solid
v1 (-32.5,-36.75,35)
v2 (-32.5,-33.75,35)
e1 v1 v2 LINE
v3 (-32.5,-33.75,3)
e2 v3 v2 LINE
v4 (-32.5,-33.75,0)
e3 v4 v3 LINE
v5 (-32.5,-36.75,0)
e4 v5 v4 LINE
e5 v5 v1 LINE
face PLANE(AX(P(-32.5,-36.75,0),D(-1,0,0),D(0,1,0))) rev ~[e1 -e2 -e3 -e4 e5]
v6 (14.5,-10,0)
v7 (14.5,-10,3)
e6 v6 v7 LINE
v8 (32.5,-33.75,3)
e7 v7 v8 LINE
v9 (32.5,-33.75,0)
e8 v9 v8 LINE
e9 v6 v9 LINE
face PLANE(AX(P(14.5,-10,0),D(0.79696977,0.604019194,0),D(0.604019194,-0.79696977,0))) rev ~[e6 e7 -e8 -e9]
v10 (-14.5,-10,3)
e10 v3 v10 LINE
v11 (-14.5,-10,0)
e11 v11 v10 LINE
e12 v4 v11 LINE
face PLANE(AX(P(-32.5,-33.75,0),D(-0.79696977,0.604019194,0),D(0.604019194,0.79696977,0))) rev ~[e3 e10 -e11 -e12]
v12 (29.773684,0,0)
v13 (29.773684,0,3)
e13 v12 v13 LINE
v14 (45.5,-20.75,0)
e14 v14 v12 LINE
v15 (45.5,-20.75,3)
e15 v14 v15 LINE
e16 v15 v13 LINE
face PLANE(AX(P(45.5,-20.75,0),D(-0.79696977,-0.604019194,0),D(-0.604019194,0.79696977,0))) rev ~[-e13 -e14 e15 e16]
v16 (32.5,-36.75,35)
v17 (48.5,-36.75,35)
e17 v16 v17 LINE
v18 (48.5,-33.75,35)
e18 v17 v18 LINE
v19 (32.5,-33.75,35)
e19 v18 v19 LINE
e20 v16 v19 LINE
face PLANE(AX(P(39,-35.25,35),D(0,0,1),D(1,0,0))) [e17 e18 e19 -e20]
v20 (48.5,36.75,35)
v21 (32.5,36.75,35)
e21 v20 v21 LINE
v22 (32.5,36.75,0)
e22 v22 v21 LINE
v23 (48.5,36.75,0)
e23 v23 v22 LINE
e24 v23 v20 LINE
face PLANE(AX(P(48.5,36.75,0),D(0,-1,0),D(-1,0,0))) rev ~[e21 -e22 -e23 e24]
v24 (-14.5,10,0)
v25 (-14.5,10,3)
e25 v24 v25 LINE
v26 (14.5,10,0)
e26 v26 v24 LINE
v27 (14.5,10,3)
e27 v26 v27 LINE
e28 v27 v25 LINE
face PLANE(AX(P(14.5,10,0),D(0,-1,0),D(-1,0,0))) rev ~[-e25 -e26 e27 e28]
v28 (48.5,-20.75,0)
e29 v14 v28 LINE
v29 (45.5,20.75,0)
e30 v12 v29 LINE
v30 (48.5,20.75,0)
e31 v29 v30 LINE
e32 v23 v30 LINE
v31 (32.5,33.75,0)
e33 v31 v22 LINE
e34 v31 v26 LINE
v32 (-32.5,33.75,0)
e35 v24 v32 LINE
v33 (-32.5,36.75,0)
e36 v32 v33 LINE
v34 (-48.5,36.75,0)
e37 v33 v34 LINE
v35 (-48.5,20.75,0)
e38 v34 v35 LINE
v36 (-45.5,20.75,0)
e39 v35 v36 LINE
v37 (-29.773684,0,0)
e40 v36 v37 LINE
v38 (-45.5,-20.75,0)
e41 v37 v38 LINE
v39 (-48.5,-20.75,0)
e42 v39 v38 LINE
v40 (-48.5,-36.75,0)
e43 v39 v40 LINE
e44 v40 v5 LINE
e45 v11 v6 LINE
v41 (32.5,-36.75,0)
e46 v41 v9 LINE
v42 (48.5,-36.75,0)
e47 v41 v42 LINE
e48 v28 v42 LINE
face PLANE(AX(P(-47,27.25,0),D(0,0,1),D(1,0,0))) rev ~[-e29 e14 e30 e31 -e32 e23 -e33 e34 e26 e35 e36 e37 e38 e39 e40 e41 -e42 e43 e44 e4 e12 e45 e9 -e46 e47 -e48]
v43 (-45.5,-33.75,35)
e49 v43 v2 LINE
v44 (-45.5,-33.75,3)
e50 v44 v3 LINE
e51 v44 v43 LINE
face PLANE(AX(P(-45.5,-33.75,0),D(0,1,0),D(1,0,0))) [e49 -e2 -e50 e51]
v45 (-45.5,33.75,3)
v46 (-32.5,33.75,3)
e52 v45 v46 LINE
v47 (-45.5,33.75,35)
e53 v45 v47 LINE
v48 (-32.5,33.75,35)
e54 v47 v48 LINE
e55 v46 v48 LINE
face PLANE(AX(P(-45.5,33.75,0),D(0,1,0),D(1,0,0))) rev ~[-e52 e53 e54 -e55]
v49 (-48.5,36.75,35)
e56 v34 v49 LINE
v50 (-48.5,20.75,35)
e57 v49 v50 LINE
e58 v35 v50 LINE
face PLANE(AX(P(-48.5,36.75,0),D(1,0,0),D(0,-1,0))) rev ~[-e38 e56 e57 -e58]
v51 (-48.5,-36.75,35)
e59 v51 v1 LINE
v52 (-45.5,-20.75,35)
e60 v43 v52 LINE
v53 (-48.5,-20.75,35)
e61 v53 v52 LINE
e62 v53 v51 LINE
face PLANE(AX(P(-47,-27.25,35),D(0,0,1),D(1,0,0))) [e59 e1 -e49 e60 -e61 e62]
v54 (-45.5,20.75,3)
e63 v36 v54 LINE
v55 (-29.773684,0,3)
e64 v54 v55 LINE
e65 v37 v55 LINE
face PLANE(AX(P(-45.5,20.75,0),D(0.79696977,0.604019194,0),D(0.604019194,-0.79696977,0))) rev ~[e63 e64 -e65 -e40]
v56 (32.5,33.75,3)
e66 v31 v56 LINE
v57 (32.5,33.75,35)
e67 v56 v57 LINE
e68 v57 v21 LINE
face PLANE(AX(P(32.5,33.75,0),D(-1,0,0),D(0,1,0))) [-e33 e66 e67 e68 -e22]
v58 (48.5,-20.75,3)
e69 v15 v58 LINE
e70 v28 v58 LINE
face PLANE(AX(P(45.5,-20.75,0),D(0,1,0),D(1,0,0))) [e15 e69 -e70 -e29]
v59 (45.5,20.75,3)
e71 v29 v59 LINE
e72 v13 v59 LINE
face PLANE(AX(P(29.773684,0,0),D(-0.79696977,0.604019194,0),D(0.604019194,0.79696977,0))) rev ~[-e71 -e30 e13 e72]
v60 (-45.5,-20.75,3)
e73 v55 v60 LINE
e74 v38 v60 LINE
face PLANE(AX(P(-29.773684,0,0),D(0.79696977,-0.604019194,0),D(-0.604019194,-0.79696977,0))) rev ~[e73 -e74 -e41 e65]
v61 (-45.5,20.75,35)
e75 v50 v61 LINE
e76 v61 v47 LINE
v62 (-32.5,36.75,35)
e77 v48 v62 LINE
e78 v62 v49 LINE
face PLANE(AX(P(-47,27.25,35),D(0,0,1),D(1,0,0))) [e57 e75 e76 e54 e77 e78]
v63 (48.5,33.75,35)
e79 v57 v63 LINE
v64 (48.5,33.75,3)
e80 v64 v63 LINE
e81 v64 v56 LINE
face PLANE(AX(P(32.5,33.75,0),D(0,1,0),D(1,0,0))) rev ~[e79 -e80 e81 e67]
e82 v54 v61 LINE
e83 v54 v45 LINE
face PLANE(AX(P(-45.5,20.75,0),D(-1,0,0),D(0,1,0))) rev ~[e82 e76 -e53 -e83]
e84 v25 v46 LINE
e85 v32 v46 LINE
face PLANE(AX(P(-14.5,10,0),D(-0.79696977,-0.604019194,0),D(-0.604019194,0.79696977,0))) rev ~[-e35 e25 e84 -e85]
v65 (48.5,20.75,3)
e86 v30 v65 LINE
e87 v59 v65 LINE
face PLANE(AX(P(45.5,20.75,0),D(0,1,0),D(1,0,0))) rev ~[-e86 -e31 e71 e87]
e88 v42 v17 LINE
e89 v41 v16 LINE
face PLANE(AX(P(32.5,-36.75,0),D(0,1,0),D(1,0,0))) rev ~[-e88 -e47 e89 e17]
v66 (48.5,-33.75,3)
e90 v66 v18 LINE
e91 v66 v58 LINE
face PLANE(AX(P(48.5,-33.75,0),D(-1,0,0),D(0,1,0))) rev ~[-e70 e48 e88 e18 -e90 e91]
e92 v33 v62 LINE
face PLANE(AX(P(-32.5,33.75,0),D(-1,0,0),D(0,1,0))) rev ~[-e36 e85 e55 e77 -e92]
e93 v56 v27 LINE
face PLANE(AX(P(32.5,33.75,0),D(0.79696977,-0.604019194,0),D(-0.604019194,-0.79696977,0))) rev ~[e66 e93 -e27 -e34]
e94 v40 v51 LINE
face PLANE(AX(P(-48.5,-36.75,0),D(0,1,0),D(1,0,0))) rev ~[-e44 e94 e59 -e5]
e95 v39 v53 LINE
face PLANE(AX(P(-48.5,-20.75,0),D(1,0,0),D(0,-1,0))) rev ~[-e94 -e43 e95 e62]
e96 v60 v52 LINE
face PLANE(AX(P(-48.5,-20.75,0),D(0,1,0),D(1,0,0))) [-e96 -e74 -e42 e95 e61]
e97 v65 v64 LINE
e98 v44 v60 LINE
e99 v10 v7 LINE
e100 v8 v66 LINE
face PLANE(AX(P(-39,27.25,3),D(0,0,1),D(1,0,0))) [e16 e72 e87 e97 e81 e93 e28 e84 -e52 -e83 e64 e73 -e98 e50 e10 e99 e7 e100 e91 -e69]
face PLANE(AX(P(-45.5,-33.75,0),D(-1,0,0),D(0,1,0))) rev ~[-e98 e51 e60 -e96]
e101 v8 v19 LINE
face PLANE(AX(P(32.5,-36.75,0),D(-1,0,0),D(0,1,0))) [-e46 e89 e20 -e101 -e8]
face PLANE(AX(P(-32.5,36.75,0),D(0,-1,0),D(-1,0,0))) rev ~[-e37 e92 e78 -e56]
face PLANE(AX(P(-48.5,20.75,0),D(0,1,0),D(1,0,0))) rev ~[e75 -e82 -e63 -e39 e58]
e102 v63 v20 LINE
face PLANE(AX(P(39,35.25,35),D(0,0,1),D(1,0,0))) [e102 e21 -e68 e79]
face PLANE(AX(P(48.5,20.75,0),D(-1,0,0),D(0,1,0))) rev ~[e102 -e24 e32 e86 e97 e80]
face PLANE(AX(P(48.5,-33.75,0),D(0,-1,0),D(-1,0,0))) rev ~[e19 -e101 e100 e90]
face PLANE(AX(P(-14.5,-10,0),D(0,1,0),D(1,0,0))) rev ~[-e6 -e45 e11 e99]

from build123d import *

# Parameters (mm, degrees)
F0_W     = 13
F0_H     = 13
F0_H_2   = 7
F0_H_3   = 6
F0_W_2   = 3
F1_DEPTH = 3
F0_H_4   = 3
F2_DEPTH = 35


with BuildPart() as f1:
    # F0 (on Top) → F1 (new body)
    with BuildSketch(Plane.XY):
        with Locations((-39, 27.25)):
            Rectangle(F0_W, F0_H)
        Polygon((-27.5, 10), (-14.5, 10), (-32.5, 33.75), (-32.5, 20.75), (-45.5, 20.75), (-29.7736842105, 0), (-27.5, 3), align=None)
        with Locations((-21, 6.5)):
            Rectangle(F0_W, F0_H_2)
        Polygon((-27.5, -3), (-27.5, 3), (-29.7736842105, 0), align=None)
        with Locations((-21, 0)):
            Rectangle(F0_W, F0_H_3)
        with Locations((-21, -6.5)):
            Rectangle(F0_W, F0_H_2)
        Polygon((-27.5, -10), (-27.5, -3), (-29.7736842105, 0), (-45.5, -20.75), (-32.5, -20.75), (-32.5, -33.75), (-14.5, -10), align=None)
        with Locations((-39, -27.25)):
            Rectangle(F0_W, F0_H)
        Polygon((14.5, 3), (14.5, 10), (-14.5, 10), (-14.5, 3), (-14.5, -3), (-14.5, -10), (14.5, -10), (14.5, -3), align=None)
        with Locations((21, 6.5)):
            Rectangle(F0_W, F0_H_2)
        with Locations((21, 0)):
            Rectangle(F0_W, F0_H_3)
        with Locations((21, -6.5)):
            Rectangle(F0_W, F0_H_2)
        Polygon((29.7736842105, 0), (27.5, 3), (27.5, -3), align=None)
        Polygon((29.7736842105, 0), (27.5, -3), (27.5, -10), (14.5, -10), (32.5, -33.75), (32.5, -20.75), (45.5, -20.75), align=None)
        Polygon((14.5, 10), (27.5, 10), (27.5, 3), (29.7736842105, 0), (45.5, 20.75), (32.5, 20.75), (32.5, 33.75), align=None)
        with Locations((39, -27.25)):
            Rectangle(F0_W, F0_H)
        with Locations((47, -27.25)):
            Rectangle(F0_W_2, F0_H)
        with Locations((39, 27.25)):
            Rectangle(F0_W, F0_H)
        with Locations((47, 27.25)):
            Rectangle(F0_W_2, F0_H)
    extrude(amount=F1_DEPTH)

    # F0 (on Top) → F2 (join)
    with BuildSketch(Plane.XY):
        with Locations((-47, 27.25)):
            Rectangle(F0_W_2, F0_H)
        with Locations((-47, 35.25)):
            Rectangle(F0_W_2, F0_H_4)
        with Locations((-39, 35.25)):
            Rectangle(F0_W, F0_H_4)
        with Locations((-47, -27.25)):
            Rectangle(F0_W_2, F0_H)
        with Locations((-47, -35.25)):
            Rectangle(F0_W_2, F0_H_4)
        with Locations((-39, -35.25)):
            Rectangle(F0_W, F0_H_4)
        with Locations((39, -35.25)):
            Rectangle(F0_W, F0_H_4)
        with Locations((47, -35.25)):
            Rectangle(F0_W_2, F0_H_4)
        with Locations((39, 35.25)):
            Rectangle(F0_W, F0_H_4)
        with Locations((47, 35.25)):
            Rectangle(F0_W_2, F0_H_4)
    extrude(amount=F2_DEPTH)


solid = f1.part
